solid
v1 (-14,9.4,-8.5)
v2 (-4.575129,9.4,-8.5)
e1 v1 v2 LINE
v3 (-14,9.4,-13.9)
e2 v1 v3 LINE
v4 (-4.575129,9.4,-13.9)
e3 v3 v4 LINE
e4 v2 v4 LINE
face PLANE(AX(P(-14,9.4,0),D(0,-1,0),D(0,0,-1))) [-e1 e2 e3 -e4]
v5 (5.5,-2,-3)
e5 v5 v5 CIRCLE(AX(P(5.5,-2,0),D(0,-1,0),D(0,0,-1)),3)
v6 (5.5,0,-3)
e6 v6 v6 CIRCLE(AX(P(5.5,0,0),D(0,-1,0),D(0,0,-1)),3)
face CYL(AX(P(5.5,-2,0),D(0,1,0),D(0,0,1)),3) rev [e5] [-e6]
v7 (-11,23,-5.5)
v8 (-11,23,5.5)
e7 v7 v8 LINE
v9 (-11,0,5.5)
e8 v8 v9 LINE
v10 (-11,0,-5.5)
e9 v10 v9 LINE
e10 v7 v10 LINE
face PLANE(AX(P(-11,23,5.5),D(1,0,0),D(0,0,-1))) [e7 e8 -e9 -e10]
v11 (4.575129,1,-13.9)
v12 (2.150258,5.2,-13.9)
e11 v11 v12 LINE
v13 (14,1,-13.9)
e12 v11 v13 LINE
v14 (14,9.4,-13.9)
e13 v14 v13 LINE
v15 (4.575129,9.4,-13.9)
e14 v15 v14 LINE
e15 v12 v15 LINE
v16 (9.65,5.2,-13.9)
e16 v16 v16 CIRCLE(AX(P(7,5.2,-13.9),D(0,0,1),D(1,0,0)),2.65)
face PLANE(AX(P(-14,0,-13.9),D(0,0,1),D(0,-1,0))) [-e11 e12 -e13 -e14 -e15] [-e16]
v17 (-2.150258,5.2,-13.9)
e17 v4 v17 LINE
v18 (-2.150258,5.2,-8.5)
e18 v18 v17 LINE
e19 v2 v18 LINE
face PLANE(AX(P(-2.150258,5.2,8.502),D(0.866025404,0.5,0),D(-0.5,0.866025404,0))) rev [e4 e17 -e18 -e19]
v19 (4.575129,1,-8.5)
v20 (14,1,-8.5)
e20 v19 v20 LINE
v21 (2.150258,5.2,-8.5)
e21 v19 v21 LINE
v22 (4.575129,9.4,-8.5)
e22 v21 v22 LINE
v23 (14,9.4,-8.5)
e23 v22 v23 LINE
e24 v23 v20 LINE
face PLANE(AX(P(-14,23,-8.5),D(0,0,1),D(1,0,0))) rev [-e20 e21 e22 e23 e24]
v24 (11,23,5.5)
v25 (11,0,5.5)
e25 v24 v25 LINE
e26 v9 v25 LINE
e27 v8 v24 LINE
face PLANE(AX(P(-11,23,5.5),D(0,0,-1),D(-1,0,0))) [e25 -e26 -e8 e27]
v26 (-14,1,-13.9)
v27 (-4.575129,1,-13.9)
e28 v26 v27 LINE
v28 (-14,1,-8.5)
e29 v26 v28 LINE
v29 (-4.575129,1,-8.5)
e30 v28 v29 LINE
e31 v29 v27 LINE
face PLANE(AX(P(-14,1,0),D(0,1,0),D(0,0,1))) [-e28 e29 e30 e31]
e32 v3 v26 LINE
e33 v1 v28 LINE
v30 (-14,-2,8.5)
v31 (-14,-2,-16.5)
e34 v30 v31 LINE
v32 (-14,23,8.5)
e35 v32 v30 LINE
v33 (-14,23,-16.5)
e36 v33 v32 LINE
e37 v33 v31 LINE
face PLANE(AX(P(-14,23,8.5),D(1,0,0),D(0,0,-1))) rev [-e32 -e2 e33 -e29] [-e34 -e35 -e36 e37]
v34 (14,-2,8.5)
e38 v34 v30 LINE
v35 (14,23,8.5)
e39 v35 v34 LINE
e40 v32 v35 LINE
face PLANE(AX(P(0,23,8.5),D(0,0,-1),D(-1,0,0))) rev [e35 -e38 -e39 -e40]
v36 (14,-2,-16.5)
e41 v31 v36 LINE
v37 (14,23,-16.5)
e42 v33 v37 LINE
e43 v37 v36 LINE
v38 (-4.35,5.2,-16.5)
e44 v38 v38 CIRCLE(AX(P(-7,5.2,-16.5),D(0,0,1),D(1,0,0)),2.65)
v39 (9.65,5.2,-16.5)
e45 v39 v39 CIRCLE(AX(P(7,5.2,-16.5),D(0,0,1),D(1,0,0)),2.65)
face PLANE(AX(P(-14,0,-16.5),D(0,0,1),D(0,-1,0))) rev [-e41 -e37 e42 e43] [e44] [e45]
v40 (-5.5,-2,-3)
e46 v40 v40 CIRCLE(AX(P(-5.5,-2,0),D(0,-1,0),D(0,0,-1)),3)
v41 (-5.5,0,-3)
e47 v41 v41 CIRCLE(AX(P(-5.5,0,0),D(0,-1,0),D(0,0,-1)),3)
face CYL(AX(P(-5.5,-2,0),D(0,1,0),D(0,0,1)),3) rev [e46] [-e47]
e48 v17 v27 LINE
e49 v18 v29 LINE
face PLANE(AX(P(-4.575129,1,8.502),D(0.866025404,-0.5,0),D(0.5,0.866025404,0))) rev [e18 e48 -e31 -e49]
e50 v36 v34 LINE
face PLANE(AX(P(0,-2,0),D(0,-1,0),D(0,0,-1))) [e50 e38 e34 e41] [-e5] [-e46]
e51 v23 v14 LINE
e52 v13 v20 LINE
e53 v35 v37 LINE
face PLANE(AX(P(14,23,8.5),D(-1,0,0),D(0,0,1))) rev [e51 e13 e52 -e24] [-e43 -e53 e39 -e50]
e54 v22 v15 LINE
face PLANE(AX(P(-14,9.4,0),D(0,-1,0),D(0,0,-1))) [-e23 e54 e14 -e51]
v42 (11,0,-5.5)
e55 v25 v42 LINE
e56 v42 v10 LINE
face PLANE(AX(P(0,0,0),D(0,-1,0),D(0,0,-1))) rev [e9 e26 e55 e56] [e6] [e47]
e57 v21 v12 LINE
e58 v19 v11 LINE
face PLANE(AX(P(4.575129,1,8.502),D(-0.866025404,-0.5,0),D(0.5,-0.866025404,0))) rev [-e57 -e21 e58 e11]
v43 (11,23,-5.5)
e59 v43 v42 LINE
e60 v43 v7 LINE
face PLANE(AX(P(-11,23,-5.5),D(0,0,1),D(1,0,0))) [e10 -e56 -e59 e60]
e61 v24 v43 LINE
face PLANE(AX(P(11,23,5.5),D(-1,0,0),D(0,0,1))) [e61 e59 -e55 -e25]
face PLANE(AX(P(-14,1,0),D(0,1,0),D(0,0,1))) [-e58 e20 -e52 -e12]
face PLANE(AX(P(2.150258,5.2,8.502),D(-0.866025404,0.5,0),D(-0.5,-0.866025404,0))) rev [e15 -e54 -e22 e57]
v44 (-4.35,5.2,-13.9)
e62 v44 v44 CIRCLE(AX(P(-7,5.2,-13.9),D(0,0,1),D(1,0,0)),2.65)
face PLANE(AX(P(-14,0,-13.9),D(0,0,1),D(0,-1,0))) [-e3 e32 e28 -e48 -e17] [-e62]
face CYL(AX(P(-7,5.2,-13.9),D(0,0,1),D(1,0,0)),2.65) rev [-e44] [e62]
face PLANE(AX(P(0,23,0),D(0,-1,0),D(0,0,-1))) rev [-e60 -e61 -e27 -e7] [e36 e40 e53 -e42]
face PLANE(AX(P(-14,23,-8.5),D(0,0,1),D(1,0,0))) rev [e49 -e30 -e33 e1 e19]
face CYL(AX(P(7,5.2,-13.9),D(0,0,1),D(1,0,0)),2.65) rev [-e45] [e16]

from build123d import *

# Parameters (mm, degrees)
SKETCH1_W                = 22
SKETCH1_H                = 11
BOSS_EXTRUDE1_DEPTH      = 23
SKETCH2_W                = 28
SKETCH2_H                = 17
SKETCH2_R                = 3
BOSS_EXTRUDE2_DEPTH      = 2
BOSS_EXTRUDE7_DEPTH      = 28
BOSS_EXTRUDE8_REACH      = 37.025
M5_CLEARANCE_HOLE2_D     = 5.3
M5_CLEARANCE_HOLE2_DEPTH = 2.6


with BuildPart() as part:
    # Sketch1 → Boss-Extrude1 (new body)
    with BuildSketch(Plane(origin=(0, 0, 0), x_dir=(1, 0, 0), z_dir=(0, 1, 0))):
        Polygon((-14, 8.5), (0, 8.5), (14, 8.5), (14, -8.5), (0, -8.5), (-14, -8.5), align=None)
        Rectangle(SKETCH1_W, SKETCH1_H, mode=Mode.SUBTRACT)
    extrude(amount=BOSS_EXTRUDE1_DEPTH)

    # Sketch2 → Boss-Extrude2 (add)
    with BuildSketch(Plane.XZ):
        Rectangle(SKETCH2_W, SKETCH2_H)
        with Locations(Location((-5.5, 0, 0), (0, 0, 270))):
            Circle(SKETCH2_R, mode=Mode.SUBTRACT)
        with Locations(Location((5.5, 0, 0), (0, 0, 270))):
            Circle(SKETCH2_R, mode=Mode.SUBTRACT)
    extrude(amount=BOSS_EXTRUDE2_DEPTH)

    # Sketch10 → Boss-Extrude7 (add, through all)
    with BuildSketch(Plane(origin=(14, 0, 0), x_dir=(0, 0, -1), z_dir=(1, 0, 0))):
        Polygon((16.5, 23), (8.5, 23), (8.5, 9.4), (13.9, 9.4), (13.9, 1), (8.5, 1), (8.5, -2), (16.5, -2), align=None)
    extrude(amount=-BOSS_EXTRUDE7_DEPTH)

    # Sketch11 → Boss-Extrude8 (add, up to next)
    with BuildSketch(Plane.XY.offset(-13.9), mode=Mode.PRIVATE) as boss_extrude8_sk1:
        Polygon((4.575128869, 1), (2.150257739, 5.2), (4.575128869, 9.4), (-4.575128869, 9.4), (-2.150257739, 5.2), (-4.575128869, 1), align=None)
    boss_extrude8_tool1 = extrude(boss_extrude8_sk1.sketch, amount=BOSS_EXTRUDE8_REACH, mode=Mode.PRIVATE) - part.part
    add(boss_extrude8_tool1.solids().sort_by_distance((0, 5.2, -13.9))[0])

    # M5 Clearance Hole2
    with Locations(Plane.XY.offset(-13.9)):
        with Locations((-7, 5.2), (7, 5.2)):
            Hole(M5_CLEARANCE_HOLE2_D / 2, depth=M5_CLEARANCE_HOLE2_DEPTH)


solid = part.part
